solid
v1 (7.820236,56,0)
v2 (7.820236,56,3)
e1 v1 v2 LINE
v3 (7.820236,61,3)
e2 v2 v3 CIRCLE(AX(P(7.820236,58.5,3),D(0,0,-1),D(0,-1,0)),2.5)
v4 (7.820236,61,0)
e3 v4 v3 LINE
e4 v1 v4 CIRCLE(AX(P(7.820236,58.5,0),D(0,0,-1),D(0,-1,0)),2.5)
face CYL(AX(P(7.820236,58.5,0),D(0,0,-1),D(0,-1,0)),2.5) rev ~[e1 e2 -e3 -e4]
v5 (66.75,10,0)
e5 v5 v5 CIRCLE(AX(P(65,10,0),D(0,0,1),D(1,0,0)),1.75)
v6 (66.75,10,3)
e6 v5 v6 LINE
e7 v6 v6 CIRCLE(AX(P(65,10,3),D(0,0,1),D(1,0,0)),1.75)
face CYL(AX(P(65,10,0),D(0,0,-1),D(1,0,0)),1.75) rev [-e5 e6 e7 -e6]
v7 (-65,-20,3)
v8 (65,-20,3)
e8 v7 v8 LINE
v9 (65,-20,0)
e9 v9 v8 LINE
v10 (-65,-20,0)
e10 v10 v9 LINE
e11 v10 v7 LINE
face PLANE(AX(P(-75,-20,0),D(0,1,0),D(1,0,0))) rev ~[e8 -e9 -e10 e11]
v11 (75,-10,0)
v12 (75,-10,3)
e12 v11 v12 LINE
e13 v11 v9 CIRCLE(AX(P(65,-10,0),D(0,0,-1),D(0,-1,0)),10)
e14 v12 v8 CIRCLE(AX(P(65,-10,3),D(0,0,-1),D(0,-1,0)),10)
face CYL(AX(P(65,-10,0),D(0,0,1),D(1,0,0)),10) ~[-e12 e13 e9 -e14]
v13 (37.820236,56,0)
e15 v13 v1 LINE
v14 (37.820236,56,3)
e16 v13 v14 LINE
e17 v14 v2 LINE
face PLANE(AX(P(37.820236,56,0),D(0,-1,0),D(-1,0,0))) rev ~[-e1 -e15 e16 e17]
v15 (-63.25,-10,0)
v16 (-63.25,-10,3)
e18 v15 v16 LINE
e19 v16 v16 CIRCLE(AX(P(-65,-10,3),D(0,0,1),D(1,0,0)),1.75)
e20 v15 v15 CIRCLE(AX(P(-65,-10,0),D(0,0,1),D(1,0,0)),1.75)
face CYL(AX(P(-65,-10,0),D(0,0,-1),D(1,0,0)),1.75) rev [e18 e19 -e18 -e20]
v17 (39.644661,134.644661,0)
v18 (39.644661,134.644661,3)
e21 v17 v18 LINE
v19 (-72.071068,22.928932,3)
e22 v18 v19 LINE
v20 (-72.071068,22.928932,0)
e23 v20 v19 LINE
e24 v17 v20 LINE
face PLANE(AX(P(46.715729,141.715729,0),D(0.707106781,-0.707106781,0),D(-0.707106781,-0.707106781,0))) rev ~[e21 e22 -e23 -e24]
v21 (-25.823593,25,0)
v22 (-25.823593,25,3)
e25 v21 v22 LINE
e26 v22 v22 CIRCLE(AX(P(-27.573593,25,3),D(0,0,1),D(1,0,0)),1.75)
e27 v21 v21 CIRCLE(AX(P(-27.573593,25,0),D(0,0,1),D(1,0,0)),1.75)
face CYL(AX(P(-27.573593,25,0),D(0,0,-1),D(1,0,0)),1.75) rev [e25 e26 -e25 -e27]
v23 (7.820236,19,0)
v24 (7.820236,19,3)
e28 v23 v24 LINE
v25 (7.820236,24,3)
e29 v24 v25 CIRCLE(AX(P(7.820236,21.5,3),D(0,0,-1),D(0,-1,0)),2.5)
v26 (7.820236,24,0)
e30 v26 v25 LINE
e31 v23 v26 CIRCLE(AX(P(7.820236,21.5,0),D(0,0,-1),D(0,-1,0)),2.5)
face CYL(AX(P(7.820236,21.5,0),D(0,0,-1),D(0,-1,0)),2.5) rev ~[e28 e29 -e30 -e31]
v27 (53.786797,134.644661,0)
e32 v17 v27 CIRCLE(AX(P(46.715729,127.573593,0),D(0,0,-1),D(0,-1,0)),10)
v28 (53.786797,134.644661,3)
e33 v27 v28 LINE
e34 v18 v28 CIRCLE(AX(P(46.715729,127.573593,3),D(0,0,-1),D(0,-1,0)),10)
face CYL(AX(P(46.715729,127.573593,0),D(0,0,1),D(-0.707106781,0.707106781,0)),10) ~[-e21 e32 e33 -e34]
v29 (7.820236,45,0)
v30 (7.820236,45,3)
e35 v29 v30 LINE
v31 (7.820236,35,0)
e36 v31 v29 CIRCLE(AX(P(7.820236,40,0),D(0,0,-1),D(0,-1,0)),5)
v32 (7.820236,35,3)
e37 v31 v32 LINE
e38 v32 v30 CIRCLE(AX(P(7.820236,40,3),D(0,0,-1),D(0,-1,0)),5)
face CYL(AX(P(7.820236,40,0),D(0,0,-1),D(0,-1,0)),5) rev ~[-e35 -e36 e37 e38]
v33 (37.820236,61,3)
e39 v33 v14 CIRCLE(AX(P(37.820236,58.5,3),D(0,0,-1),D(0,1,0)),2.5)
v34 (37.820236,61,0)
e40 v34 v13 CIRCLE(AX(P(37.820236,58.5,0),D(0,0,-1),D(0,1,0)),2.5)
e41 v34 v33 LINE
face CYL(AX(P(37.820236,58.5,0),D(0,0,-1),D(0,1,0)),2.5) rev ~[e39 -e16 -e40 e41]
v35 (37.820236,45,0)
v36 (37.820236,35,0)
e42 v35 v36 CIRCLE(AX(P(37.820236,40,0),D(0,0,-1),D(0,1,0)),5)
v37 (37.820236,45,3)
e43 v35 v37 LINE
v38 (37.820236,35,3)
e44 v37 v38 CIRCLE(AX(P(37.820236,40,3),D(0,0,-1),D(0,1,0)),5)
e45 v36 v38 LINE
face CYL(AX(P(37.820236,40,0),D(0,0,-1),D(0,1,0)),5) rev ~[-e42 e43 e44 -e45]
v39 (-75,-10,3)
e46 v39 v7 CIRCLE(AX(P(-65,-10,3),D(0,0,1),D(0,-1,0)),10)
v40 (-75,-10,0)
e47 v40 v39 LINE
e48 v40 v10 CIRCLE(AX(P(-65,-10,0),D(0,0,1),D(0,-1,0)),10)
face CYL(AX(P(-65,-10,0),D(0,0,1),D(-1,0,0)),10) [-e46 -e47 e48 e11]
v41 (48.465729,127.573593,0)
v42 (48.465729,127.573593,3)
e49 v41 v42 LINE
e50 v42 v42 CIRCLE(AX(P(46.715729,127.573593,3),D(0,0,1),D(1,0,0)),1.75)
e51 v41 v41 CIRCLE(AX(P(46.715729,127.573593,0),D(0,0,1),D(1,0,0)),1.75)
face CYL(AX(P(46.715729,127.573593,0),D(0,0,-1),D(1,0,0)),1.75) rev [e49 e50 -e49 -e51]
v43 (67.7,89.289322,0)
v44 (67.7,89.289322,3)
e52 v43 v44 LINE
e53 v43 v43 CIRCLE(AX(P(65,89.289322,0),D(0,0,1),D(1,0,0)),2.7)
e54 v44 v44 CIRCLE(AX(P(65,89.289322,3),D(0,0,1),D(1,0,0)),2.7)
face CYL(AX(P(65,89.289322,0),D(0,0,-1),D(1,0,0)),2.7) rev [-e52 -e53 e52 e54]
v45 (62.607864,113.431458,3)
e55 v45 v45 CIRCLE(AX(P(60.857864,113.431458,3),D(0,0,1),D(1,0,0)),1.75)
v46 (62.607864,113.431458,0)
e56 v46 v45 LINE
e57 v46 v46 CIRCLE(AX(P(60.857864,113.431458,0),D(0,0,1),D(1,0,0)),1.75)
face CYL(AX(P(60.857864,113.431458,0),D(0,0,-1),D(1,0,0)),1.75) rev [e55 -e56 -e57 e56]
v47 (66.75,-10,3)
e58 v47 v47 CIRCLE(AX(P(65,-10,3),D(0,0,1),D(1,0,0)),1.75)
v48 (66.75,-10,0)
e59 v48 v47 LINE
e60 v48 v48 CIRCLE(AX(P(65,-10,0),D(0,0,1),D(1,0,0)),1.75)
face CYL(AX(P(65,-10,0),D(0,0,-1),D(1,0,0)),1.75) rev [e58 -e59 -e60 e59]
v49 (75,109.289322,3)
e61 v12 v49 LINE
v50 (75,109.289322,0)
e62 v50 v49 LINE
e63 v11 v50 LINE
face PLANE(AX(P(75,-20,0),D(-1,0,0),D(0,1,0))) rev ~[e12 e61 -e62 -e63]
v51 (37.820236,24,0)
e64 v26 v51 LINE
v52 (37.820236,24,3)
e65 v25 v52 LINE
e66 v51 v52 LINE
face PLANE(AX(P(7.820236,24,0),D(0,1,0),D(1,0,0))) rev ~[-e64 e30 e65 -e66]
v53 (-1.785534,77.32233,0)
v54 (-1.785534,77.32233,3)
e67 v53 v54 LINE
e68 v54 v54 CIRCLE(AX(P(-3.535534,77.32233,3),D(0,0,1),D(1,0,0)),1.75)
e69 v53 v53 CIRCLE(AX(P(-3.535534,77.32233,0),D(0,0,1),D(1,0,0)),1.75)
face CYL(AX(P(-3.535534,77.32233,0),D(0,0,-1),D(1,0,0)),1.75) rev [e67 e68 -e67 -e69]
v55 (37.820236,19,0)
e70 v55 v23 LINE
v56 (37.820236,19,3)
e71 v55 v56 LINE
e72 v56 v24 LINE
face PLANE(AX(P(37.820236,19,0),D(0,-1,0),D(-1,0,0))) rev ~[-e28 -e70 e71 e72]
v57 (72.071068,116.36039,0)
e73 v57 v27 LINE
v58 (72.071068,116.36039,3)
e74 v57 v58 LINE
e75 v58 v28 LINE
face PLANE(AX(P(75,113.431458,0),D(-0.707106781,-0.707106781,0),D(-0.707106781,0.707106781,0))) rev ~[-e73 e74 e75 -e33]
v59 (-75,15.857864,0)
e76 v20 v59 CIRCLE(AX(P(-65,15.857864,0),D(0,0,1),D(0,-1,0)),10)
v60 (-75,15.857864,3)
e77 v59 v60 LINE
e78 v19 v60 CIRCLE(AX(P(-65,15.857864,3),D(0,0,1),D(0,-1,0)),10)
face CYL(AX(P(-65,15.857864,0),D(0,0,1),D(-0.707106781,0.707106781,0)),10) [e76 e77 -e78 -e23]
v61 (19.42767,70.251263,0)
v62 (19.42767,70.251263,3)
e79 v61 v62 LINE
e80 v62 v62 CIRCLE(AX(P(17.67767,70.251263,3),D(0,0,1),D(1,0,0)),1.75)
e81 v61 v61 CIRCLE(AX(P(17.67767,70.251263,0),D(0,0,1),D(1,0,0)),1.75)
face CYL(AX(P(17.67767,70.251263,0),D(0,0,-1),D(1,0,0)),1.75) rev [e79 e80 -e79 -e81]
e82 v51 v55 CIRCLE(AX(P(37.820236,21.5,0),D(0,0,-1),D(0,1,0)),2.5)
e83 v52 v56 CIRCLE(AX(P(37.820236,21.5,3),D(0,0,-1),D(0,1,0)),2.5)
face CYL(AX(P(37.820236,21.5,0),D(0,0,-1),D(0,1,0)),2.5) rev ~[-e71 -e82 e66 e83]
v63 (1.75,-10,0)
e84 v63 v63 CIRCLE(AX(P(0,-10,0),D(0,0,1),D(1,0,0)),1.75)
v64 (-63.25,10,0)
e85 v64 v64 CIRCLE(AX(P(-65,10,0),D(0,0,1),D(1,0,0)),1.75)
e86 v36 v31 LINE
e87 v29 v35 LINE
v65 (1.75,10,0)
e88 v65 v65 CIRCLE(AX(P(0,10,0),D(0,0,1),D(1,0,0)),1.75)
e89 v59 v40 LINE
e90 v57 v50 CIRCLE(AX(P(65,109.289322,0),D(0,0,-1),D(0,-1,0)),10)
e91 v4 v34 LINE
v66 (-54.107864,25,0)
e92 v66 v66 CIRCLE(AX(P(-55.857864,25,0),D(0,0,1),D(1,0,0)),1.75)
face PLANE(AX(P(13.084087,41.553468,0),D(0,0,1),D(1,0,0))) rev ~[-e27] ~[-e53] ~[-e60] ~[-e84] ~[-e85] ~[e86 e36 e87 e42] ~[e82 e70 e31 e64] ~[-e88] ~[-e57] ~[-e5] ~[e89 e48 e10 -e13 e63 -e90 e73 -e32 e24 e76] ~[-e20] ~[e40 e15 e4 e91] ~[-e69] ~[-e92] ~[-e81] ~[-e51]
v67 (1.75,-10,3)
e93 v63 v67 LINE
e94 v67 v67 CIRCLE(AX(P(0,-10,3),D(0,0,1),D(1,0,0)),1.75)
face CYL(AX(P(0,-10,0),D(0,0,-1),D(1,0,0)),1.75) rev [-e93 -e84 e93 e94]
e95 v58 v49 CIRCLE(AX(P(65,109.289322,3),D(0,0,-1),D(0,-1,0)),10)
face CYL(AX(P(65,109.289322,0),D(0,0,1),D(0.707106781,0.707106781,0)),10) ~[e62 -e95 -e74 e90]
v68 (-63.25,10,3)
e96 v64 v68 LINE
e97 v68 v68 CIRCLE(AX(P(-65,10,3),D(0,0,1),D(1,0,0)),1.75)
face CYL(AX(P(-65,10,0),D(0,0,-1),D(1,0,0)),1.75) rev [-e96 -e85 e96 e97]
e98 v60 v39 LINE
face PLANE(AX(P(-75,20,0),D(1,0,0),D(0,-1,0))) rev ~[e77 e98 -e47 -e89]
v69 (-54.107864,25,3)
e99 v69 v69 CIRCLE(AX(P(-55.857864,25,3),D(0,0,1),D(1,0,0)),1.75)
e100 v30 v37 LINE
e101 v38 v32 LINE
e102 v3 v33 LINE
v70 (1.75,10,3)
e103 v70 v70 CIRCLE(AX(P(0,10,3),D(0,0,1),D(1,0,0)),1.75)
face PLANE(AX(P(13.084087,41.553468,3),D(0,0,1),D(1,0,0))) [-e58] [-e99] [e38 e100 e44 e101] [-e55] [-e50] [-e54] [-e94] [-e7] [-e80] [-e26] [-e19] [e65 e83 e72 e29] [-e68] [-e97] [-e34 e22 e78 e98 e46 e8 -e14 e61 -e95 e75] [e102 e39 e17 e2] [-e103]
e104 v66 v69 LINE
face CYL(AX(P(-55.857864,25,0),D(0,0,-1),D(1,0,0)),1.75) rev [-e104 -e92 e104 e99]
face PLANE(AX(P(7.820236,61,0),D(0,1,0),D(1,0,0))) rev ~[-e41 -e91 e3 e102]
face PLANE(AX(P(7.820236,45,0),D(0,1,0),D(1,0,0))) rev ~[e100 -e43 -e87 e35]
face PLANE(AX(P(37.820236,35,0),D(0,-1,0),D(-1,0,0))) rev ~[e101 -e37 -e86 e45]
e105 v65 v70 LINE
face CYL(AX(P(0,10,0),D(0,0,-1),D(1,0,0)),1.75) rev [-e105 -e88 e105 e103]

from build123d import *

# Parameters (mm, degrees)
SKETCH1_R           = 1.75
SKETCH1_R_2         = 2.7
BOSS_EXTRUDE1_DEPTH = 3
FILLET1_R           = 10


with BuildPart() as part:
    # Sketch1 → Boss-Extrude1 (new body)
    with BuildSketch(Plane.XY):
        Polygon((46.715728753, 141.715728753), (-75, 20), (-75, -20), (75, -20), (75, 20), (75, 113.431457505), align=None)
        with Locations((-65, -10)):
            Circle(SKETCH1_R, mode=Mode.SUBTRACT)
        with Locations((-65, 10)):
            Circle(SKETCH1_R, mode=Mode.SUBTRACT)
        with Locations((0, 10)):
            Circle(SKETCH1_R, mode=Mode.SUBTRACT)
        with Locations((-55.857864376, 25)):
            Circle(SKETCH1_R, mode=Mode.SUBTRACT)
        with Locations((-27.573593129, 25)):
            Circle(SKETCH1_R, mode=Mode.SUBTRACT)
        with Locations((0, -10)):
            Circle(SKETCH1_R, mode=Mode.SUBTRACT)
        with Locations((65, -10)):
            Circle(SKETCH1_R, mode=Mode.SUBTRACT)
        with Locations((65, 10)):
            Circle(SKETCH1_R, mode=Mode.SUBTRACT)
        with BuildLine():
            ThreePointArc((7.820236345, 19), (5.320236345, 21.5), (7.820236345, 24))
            Line((7.820236345, 24), (37.820236345, 24))
            ThreePointArc((37.820236345, 24), (40.320236345, 21.5), (37.820236345, 19))
            Line((37.820236345, 19), (7.820236345, 19))
        make_face(mode=Mode.SUBTRACT)
        with BuildLine():
            ThreePointArc((7.820236345, 35), (2.820236345, 40), (7.820236345, 45))
            Line((7.820236345, 45), (37.820236345, 45))
            ThreePointArc((37.820236345, 45), (42.820236345, 40), (37.820236345, 35))
            Line((37.820236345, 35), (7.820236345, 35))
        make_face(mode=Mode.SUBTRACT)
        with BuildLine():
            ThreePointArc((7.820236345, 56), (5.320236345, 58.5), (7.820236345, 61))
            Line((7.820236345, 61), (37.820236345, 61))
            ThreePointArc((37.820236345, 61), (40.320236345, 58.5), (37.820236345, 56))
            Line((37.820236345, 56), (7.820236345, 56))
        make_face(mode=Mode.SUBTRACT)
        with Locations((-3.535533906, 77.32233047)):
            Circle(SKETCH1_R, mode=Mode.SUBTRACT)
        with Locations((17.67766953, 70.251262658)):
            Circle(SKETCH1_R, mode=Mode.SUBTRACT)
        with Locations((65, 89.289321881)):
            Circle(SKETCH1_R_2, mode=Mode.SUBTRACT)
        with Locations((60.857864376, 113.431457505)):
            Circle(SKETCH1_R, mode=Mode.SUBTRACT)
        with Locations((46.715728753, 127.573593129)):
            Circle(SKETCH1_R, mode=Mode.SUBTRACT)
    extrude(amount=BOSS_EXTRUDE1_DEPTH)

    # Fillet1
    fillet1_edges = [part.edges().sort_by_distance(p)[0] for p in [
        (75, -20, 1.5),
        (-75, -20, 1.5),
        (-75, 20, 1.5),
        (46.715728753, 141.715728753, 1.5),
        (75, 113.431457505, 1.5),
    ]]
    fillet(fillet1_edges, radius=FILLET1_R)


solid = part.part
